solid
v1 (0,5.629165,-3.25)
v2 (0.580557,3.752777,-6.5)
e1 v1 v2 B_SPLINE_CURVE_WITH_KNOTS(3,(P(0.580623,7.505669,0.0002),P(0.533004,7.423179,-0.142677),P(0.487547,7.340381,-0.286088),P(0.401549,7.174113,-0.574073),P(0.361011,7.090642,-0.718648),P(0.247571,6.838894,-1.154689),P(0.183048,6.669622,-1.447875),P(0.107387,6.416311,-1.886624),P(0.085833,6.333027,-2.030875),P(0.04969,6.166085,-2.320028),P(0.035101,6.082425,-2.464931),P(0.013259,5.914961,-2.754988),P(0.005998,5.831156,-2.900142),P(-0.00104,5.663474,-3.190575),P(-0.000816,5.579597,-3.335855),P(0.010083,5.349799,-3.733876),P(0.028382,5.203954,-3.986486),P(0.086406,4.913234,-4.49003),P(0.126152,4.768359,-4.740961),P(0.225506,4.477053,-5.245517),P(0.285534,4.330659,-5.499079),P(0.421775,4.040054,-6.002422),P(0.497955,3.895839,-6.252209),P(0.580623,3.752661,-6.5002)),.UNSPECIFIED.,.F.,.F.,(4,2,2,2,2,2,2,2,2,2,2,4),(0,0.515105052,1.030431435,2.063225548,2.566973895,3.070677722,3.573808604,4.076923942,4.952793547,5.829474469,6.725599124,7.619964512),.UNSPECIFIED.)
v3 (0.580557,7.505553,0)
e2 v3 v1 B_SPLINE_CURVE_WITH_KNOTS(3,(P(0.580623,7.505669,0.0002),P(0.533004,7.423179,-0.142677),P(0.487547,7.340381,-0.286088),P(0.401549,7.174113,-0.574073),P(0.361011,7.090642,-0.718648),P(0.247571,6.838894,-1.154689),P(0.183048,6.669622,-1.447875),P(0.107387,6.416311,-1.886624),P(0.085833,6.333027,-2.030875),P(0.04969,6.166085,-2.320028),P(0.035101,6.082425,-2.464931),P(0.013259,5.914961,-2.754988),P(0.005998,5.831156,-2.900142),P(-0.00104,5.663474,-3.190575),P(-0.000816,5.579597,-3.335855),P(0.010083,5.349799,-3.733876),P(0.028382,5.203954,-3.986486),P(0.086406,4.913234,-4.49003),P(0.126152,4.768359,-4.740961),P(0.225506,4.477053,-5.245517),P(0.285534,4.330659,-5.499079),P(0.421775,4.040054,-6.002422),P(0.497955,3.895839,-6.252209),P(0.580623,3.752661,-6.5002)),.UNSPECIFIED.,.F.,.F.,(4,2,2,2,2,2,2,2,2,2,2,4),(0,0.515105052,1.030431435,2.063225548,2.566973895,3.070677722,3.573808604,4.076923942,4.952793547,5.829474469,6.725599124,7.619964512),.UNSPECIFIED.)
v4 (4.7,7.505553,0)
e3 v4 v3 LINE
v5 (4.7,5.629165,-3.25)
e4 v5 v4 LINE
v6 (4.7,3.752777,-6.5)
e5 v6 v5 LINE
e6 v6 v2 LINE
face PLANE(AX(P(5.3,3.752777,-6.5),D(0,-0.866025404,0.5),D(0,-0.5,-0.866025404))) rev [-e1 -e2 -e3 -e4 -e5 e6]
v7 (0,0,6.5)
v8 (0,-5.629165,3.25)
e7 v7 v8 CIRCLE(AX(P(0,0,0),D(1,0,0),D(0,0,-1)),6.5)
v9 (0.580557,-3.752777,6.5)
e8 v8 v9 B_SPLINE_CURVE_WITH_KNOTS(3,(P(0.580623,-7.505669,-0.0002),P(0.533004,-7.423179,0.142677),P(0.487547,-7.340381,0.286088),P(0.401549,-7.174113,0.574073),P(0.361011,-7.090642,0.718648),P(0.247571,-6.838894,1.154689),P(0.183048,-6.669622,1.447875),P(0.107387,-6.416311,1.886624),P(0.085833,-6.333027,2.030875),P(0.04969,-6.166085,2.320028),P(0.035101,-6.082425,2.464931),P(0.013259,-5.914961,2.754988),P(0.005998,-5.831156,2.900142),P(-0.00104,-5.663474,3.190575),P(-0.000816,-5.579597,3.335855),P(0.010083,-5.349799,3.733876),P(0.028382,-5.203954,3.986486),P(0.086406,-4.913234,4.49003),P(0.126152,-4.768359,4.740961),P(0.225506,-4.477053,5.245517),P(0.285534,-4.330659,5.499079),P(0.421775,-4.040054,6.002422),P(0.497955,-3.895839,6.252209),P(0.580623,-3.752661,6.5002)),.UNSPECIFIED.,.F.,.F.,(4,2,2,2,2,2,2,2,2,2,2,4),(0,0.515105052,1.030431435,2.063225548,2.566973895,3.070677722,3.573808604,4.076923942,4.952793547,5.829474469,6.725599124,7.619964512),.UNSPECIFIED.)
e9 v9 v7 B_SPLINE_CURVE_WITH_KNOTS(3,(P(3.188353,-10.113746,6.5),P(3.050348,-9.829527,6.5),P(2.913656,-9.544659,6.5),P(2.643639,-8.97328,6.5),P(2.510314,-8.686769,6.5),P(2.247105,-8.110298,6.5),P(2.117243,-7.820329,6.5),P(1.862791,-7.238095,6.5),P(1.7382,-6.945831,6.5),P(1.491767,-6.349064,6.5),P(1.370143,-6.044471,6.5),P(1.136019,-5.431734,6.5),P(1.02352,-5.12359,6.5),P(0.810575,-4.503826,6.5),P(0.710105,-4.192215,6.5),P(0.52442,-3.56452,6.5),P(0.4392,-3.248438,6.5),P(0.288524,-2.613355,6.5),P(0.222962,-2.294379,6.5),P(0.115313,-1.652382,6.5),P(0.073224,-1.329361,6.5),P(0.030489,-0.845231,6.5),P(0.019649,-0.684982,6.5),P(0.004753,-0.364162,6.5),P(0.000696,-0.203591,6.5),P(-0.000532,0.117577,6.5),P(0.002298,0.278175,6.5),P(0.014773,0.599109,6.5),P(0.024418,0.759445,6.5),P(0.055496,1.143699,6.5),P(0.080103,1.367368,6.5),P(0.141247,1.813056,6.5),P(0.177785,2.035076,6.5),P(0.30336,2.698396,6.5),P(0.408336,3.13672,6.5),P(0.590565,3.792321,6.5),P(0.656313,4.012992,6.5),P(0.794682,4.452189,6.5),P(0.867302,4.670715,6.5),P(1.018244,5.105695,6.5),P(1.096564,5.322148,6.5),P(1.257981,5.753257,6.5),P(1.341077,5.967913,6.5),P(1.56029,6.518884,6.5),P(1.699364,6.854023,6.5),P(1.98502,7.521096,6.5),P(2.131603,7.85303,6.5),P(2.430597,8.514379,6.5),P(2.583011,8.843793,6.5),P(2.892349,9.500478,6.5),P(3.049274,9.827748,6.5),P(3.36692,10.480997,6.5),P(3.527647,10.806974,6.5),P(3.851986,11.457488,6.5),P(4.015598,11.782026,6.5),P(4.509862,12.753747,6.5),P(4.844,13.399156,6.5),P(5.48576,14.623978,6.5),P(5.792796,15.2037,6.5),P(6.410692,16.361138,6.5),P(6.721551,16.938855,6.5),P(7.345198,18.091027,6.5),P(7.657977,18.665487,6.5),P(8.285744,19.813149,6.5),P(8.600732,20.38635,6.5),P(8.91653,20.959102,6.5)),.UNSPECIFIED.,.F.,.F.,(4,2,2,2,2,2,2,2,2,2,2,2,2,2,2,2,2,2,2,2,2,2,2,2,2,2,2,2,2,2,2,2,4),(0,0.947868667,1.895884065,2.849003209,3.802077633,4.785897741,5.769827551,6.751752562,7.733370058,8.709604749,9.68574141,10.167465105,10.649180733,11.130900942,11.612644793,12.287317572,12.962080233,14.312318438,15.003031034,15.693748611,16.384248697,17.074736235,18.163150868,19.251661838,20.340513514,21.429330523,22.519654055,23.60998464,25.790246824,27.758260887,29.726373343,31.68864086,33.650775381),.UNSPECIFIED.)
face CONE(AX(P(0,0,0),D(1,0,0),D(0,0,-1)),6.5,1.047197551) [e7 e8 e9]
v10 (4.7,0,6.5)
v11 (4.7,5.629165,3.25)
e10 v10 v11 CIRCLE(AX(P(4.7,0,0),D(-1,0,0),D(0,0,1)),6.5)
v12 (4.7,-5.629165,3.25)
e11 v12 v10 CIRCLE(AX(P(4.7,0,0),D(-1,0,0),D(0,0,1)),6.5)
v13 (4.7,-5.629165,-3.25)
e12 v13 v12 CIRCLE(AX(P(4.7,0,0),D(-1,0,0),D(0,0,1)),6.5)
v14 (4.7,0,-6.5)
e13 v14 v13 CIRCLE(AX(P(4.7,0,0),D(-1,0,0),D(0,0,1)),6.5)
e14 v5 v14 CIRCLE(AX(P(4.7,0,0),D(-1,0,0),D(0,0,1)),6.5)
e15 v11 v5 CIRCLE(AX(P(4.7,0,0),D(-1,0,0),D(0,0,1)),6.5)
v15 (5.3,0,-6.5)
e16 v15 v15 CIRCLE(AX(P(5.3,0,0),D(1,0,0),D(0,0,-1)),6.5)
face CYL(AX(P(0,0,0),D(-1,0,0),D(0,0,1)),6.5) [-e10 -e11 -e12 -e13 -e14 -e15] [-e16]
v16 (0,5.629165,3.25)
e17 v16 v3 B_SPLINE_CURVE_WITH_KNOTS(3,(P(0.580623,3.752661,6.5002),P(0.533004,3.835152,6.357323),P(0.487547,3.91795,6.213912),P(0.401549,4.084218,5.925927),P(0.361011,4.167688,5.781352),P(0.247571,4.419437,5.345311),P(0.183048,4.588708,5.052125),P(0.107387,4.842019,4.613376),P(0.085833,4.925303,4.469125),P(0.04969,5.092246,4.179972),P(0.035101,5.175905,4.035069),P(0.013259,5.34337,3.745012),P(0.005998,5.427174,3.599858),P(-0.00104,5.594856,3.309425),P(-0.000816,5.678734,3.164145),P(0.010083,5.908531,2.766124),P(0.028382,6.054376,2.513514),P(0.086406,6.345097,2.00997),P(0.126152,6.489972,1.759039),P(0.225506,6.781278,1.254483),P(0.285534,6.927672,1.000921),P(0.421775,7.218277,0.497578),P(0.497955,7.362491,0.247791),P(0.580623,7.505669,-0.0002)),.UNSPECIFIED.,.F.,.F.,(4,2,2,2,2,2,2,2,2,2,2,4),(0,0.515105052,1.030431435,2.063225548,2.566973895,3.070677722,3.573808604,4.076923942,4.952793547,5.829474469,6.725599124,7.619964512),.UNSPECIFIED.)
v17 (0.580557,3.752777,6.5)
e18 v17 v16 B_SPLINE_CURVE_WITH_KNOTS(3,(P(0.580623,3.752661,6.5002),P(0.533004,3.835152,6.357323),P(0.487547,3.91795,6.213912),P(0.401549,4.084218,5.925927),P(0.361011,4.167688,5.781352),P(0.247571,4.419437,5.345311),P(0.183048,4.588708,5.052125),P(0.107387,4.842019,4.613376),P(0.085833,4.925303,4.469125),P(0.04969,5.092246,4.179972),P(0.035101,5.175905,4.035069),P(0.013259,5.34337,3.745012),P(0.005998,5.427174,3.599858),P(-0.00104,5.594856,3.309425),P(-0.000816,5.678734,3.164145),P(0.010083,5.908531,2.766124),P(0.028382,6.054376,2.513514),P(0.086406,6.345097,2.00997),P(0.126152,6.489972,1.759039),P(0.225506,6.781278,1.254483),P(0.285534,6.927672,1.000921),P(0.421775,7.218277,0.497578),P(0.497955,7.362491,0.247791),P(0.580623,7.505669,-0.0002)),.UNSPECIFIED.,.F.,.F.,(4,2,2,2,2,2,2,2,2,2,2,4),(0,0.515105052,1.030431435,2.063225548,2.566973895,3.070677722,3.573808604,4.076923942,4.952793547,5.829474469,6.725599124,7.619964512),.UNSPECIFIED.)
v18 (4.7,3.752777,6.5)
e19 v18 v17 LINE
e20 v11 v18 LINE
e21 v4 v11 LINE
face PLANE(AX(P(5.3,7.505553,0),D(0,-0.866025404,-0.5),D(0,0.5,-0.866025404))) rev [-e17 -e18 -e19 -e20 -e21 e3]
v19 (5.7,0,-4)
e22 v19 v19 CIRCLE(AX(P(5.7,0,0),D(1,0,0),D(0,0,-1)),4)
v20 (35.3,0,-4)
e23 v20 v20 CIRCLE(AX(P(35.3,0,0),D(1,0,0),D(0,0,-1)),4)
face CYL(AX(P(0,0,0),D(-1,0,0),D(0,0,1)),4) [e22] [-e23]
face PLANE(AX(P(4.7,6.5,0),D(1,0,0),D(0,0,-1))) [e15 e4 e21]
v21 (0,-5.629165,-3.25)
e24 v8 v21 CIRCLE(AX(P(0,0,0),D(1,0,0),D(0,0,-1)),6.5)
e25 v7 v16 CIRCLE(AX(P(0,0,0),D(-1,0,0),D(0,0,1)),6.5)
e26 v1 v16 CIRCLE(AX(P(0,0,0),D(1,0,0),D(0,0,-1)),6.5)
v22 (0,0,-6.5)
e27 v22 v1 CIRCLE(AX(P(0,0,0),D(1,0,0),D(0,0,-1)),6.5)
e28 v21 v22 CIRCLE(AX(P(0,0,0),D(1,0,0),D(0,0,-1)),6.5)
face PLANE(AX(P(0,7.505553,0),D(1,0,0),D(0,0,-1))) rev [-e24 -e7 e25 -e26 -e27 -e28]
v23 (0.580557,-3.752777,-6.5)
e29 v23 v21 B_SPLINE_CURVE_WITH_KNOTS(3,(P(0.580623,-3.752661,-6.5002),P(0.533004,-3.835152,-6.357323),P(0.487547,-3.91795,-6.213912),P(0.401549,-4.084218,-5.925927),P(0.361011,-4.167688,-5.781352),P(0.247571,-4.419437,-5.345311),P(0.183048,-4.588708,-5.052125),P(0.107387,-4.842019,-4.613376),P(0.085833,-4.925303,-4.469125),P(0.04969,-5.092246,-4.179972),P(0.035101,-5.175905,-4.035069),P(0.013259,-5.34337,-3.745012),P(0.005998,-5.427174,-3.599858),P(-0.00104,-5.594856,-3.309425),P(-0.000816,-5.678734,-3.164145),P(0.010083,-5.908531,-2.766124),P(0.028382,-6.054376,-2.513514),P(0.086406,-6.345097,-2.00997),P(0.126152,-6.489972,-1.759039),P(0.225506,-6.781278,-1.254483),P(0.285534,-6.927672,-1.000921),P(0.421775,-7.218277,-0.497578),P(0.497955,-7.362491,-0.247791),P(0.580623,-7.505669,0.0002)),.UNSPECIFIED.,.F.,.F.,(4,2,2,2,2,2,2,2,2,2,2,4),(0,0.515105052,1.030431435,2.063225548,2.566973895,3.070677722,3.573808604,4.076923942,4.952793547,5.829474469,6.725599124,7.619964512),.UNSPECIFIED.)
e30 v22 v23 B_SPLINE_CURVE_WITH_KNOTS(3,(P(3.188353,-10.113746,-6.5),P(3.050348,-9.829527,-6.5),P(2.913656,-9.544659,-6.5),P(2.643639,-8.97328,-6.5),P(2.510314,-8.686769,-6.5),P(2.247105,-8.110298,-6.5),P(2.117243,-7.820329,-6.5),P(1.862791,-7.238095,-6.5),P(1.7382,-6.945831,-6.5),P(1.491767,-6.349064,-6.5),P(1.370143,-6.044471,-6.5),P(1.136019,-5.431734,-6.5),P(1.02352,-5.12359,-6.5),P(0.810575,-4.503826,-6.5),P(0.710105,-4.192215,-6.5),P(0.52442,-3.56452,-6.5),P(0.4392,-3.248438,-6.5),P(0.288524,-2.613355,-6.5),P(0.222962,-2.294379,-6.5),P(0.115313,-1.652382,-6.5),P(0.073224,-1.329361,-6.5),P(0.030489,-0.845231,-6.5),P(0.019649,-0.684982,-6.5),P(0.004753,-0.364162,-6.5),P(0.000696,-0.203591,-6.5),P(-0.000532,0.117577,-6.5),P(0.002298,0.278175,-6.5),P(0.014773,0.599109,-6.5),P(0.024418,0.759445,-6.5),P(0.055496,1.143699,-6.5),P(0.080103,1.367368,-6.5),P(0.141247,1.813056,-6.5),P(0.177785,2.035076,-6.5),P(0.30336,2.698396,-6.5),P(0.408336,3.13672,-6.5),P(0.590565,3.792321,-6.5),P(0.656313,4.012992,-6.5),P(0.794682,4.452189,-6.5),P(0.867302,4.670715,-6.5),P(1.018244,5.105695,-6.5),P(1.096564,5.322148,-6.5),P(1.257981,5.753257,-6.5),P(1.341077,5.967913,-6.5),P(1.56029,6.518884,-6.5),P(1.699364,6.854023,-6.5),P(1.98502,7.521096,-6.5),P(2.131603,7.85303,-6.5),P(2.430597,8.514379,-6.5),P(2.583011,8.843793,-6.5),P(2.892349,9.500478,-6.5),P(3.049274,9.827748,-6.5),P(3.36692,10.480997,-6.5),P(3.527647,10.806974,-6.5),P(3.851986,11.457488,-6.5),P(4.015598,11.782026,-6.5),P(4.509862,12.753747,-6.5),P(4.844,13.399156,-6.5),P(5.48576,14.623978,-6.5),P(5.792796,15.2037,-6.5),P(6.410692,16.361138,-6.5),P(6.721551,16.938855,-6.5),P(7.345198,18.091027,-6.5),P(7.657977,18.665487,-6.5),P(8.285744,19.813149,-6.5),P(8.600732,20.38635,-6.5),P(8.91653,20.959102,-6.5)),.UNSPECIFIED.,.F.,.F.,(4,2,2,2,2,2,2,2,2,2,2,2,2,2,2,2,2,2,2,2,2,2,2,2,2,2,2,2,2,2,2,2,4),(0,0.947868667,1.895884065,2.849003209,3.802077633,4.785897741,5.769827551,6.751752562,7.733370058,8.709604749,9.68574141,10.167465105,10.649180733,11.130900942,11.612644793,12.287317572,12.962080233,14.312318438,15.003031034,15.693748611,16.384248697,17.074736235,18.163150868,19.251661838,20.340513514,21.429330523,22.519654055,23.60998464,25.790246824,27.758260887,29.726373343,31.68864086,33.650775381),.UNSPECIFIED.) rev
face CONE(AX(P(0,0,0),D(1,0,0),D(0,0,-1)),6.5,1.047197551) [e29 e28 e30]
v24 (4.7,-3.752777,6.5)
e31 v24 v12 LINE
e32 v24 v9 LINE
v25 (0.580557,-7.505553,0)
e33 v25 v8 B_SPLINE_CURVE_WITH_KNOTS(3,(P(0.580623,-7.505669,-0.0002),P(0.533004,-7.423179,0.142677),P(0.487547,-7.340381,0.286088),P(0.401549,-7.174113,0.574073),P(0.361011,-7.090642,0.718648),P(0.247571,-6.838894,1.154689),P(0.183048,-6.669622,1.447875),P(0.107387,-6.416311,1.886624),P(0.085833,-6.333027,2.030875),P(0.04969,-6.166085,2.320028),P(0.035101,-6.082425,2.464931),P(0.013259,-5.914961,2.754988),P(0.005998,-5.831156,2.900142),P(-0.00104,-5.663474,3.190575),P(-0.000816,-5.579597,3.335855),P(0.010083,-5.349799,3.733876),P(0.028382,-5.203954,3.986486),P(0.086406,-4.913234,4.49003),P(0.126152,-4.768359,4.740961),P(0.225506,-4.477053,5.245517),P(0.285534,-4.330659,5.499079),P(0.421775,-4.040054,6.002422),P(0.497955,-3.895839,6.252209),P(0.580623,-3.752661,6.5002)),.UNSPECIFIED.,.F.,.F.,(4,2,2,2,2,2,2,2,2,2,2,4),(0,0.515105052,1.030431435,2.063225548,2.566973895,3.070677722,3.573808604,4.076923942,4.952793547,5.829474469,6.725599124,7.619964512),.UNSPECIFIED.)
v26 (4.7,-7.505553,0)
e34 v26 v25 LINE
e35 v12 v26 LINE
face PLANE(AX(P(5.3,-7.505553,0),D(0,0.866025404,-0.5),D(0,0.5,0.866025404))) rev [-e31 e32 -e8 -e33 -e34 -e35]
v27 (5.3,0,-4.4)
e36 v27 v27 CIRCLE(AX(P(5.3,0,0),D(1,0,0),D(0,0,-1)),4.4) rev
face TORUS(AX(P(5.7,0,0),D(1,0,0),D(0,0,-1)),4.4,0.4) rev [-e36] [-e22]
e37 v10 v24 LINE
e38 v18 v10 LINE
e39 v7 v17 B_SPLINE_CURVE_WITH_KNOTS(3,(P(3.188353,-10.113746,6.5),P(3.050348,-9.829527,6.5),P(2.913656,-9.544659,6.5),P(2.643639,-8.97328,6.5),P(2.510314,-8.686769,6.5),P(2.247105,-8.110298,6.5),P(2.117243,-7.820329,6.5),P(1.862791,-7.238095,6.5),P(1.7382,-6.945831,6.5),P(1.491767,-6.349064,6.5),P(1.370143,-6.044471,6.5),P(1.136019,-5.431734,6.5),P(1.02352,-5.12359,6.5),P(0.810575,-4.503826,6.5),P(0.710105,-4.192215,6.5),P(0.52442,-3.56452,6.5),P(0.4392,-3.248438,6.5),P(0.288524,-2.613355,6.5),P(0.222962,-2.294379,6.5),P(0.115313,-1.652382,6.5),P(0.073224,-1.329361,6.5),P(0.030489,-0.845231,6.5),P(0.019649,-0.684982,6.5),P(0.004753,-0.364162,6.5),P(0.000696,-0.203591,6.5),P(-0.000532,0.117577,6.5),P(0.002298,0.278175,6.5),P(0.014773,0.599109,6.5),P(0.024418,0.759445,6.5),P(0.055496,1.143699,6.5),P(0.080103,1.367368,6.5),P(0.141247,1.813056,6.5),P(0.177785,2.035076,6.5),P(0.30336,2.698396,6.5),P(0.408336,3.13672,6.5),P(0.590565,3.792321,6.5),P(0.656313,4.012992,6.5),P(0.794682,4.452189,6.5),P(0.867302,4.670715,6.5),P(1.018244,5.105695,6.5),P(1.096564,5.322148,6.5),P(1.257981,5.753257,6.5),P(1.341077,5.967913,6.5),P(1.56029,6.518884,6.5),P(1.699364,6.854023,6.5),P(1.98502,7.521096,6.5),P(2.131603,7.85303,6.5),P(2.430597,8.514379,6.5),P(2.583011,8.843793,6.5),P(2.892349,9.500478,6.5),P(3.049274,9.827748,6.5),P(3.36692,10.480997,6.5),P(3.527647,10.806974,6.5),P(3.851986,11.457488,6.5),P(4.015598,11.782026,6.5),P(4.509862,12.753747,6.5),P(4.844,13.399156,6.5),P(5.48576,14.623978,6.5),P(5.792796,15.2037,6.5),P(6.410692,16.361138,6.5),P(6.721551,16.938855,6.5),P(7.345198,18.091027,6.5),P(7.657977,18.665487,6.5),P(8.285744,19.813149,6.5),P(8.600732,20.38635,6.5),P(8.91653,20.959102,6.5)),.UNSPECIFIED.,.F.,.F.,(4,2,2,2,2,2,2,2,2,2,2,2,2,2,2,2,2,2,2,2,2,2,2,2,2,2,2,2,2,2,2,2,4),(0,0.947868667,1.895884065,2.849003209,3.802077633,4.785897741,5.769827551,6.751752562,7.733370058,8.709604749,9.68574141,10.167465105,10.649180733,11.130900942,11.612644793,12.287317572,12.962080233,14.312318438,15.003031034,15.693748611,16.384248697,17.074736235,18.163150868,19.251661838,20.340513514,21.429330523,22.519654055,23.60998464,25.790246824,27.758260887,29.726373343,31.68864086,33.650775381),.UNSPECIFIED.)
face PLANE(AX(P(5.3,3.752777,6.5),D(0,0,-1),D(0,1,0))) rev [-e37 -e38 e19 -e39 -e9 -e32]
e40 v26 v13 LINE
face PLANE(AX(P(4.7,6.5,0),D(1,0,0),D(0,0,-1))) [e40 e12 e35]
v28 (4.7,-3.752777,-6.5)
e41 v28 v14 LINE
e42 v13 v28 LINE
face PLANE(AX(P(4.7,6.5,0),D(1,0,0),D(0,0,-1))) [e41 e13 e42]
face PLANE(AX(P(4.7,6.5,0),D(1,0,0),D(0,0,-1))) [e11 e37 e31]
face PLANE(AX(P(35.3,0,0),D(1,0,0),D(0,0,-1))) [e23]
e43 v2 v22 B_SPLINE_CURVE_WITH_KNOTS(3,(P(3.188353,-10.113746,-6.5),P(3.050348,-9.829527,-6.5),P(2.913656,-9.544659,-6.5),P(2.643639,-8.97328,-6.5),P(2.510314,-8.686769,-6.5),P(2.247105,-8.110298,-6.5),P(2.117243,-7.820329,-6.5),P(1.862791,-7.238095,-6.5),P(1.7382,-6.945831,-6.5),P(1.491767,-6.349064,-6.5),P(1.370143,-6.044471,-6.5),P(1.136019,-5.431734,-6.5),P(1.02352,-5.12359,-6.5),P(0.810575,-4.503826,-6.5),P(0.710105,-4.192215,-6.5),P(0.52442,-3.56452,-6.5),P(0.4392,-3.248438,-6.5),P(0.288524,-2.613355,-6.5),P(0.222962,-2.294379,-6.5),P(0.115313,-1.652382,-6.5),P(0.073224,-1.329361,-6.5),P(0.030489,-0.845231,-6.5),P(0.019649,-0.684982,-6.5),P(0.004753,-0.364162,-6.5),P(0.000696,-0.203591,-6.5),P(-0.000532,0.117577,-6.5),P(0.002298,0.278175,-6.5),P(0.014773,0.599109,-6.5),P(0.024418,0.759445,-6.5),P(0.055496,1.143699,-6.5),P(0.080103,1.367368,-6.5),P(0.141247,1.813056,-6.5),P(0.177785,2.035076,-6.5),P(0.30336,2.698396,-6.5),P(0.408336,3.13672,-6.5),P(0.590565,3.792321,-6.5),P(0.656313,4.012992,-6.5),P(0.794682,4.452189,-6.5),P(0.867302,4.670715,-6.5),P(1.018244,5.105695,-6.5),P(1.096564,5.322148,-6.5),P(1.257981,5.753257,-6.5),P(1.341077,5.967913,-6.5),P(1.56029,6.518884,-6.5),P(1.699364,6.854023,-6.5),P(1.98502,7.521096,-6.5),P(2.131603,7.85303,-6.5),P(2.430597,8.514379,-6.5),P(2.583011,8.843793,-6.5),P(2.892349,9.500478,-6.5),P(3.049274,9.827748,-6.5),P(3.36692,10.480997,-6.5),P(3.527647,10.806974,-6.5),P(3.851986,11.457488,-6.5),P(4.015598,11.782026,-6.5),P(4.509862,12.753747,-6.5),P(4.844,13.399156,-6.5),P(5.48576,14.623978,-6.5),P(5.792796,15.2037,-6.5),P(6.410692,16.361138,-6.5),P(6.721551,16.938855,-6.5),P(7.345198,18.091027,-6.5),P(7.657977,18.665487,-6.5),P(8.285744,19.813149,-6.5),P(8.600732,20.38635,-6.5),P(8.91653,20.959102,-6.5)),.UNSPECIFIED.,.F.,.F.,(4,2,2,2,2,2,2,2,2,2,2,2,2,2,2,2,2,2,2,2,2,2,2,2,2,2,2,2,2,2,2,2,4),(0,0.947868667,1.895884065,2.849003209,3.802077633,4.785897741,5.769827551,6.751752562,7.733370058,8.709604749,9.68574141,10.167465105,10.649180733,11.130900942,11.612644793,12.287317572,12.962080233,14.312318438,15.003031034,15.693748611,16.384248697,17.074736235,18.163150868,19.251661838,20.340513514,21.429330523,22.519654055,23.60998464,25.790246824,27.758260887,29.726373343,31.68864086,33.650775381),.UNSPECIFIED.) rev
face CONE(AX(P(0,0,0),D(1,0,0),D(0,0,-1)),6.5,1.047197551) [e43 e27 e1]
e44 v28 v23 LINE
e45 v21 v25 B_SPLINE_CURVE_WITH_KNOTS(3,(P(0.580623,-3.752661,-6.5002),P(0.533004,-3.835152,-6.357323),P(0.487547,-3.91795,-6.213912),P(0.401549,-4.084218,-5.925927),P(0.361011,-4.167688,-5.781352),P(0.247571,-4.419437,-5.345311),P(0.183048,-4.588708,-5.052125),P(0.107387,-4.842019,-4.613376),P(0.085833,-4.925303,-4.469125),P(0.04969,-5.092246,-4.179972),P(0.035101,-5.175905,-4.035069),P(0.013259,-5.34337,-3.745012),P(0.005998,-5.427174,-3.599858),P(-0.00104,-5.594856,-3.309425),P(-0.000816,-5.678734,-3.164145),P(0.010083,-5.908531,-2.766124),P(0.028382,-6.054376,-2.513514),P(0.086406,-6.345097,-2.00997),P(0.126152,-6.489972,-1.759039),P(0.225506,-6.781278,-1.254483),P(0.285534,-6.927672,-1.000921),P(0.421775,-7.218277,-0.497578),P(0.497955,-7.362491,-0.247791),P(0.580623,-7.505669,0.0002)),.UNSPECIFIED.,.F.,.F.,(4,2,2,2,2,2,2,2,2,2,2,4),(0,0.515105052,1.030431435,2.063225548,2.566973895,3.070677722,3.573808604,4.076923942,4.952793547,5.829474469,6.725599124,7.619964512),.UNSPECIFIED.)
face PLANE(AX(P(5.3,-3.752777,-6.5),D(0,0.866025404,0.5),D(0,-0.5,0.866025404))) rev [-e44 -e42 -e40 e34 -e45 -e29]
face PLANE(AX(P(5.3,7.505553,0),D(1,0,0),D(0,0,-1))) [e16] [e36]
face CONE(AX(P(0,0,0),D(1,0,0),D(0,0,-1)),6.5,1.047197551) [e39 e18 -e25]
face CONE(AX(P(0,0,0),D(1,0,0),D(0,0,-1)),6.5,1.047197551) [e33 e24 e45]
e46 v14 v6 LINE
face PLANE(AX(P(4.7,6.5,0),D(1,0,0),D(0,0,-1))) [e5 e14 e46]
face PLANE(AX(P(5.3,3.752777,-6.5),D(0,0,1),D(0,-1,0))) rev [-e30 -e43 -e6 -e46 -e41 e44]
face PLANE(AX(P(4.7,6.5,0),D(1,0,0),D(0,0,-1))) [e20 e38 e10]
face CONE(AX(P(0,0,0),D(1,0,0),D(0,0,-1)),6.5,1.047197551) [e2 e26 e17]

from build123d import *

# Parameters (mm, degrees)
EXTRUDE_359_DEPTH   = 5.3
SKETCH_4_W          = 0.6
SKETCH_4_H          = 11.005553499
CHAMFER_1890_SIZE   = 1
FILLET_1935_R       = 0.4
SKETCH_7_R          = 6.006178493
CUT_EXTRUDE_1_DEPTH = 10


with BuildPart() as part:
    # 草图1 → Extrude 359 (new body)
    with BuildSketch(Plane(origin=(0, 0, 0), x_dir=(0, 0, -1), z_dir=(1, 0, 0))):
        Polygon((6.5, 3.75277675), (6.5, -3.75277675), (0, -7.505553499), (-6.5, -3.75277675), (-6.5, 3.75277675), (0, 7.505553499), align=None)
    extrude(amount=EXTRUDE_359_DEPTH)

    # 草图2 → 凸台-旋转1 (revolve)
    with BuildSketch(Plane.XY, mode=Mode.PRIVATE) as revolve_1_sk:
        Polygon((0, 0), (45.3, 0), (45.3, 2.9175), (45.3, 4), (0, 4), align=None)
    revolve(revolve_1_sk.sketch.rotate(Axis((0, 0, 0), (1, 0, 0)), 90), axis=Axis((0, 0, 0), (1, 0, 0)))

    # 草图3 → 切除-旋转1 (revolve, cut)
    with BuildSketch(Plane.XY):
        Polygon((0, 6.5), (3.46730793, 12.505553499), (3.46730793, 17.505553499), (-10, 17.505553499), (-10, 6.5), align=None)
    revolve(axis=Axis((0, 0, 0), (1, 0, 0)), mode=Mode.SUBTRACT)

    # 草图5 → 切除-旋转2 (revolve, cut)
    with BuildSketch(Plane.XY):
        Polygon((5.3, 6.5), (1.83269207, 12.505553499), (1.83269207, 17.505553499), (11.83269207, 17.505553499), (11.83269207, 6.5), align=None)
    revolve(axis=Axis((0, 0, 0), (1, 0, 0)), mode=Mode.SUBTRACT)

    # 草图4 → 切除-旋转3 (revolve, cut)
    with BuildSketch(Plane.XY, mode=Mode.PRIVATE) as cut_revolve_3_sk:
        with Locations((5, 12.00277675)):
            Rectangle(SKETCH_4_W, SKETCH_4_H)
    revolve(cut_revolve_3_sk.sketch.rotate(Axis((0, 0, 0), (1, 0, 0)), 270), axis=Axis((0, 0, 0), (1, 0, 0)), mode=Mode.SUBTRACT)

    # Chamfer 1890
    chamfer_1890_edges = [part.edges().sort_by_distance(p)[0] for p in [
        (45.3, 0, -4),
    ]]
    chamfer(chamfer_1890_edges, length=CHAMFER_1890_SIZE)

    # Fillet 1935
    fillet_1935_edges = [part.edges().sort_by_distance(p)[0] for p in [
        (5.3, 0, -4),
    ]]
    fillet(fillet_1935_edges, radius=FILLET_1935_R)

    # 草图7 → 切除-拉伸1 (cut)
    with BuildSketch(Plane(origin=(45.3, 0, 0), x_dir=(0, 0, -1), z_dir=(1, 0, 0))):
        Circle(SKETCH_7_R)
    extrude(amount=-CUT_EXTRUDE_1_DEPTH, mode=Mode.SUBTRACT)


solid = part.part
